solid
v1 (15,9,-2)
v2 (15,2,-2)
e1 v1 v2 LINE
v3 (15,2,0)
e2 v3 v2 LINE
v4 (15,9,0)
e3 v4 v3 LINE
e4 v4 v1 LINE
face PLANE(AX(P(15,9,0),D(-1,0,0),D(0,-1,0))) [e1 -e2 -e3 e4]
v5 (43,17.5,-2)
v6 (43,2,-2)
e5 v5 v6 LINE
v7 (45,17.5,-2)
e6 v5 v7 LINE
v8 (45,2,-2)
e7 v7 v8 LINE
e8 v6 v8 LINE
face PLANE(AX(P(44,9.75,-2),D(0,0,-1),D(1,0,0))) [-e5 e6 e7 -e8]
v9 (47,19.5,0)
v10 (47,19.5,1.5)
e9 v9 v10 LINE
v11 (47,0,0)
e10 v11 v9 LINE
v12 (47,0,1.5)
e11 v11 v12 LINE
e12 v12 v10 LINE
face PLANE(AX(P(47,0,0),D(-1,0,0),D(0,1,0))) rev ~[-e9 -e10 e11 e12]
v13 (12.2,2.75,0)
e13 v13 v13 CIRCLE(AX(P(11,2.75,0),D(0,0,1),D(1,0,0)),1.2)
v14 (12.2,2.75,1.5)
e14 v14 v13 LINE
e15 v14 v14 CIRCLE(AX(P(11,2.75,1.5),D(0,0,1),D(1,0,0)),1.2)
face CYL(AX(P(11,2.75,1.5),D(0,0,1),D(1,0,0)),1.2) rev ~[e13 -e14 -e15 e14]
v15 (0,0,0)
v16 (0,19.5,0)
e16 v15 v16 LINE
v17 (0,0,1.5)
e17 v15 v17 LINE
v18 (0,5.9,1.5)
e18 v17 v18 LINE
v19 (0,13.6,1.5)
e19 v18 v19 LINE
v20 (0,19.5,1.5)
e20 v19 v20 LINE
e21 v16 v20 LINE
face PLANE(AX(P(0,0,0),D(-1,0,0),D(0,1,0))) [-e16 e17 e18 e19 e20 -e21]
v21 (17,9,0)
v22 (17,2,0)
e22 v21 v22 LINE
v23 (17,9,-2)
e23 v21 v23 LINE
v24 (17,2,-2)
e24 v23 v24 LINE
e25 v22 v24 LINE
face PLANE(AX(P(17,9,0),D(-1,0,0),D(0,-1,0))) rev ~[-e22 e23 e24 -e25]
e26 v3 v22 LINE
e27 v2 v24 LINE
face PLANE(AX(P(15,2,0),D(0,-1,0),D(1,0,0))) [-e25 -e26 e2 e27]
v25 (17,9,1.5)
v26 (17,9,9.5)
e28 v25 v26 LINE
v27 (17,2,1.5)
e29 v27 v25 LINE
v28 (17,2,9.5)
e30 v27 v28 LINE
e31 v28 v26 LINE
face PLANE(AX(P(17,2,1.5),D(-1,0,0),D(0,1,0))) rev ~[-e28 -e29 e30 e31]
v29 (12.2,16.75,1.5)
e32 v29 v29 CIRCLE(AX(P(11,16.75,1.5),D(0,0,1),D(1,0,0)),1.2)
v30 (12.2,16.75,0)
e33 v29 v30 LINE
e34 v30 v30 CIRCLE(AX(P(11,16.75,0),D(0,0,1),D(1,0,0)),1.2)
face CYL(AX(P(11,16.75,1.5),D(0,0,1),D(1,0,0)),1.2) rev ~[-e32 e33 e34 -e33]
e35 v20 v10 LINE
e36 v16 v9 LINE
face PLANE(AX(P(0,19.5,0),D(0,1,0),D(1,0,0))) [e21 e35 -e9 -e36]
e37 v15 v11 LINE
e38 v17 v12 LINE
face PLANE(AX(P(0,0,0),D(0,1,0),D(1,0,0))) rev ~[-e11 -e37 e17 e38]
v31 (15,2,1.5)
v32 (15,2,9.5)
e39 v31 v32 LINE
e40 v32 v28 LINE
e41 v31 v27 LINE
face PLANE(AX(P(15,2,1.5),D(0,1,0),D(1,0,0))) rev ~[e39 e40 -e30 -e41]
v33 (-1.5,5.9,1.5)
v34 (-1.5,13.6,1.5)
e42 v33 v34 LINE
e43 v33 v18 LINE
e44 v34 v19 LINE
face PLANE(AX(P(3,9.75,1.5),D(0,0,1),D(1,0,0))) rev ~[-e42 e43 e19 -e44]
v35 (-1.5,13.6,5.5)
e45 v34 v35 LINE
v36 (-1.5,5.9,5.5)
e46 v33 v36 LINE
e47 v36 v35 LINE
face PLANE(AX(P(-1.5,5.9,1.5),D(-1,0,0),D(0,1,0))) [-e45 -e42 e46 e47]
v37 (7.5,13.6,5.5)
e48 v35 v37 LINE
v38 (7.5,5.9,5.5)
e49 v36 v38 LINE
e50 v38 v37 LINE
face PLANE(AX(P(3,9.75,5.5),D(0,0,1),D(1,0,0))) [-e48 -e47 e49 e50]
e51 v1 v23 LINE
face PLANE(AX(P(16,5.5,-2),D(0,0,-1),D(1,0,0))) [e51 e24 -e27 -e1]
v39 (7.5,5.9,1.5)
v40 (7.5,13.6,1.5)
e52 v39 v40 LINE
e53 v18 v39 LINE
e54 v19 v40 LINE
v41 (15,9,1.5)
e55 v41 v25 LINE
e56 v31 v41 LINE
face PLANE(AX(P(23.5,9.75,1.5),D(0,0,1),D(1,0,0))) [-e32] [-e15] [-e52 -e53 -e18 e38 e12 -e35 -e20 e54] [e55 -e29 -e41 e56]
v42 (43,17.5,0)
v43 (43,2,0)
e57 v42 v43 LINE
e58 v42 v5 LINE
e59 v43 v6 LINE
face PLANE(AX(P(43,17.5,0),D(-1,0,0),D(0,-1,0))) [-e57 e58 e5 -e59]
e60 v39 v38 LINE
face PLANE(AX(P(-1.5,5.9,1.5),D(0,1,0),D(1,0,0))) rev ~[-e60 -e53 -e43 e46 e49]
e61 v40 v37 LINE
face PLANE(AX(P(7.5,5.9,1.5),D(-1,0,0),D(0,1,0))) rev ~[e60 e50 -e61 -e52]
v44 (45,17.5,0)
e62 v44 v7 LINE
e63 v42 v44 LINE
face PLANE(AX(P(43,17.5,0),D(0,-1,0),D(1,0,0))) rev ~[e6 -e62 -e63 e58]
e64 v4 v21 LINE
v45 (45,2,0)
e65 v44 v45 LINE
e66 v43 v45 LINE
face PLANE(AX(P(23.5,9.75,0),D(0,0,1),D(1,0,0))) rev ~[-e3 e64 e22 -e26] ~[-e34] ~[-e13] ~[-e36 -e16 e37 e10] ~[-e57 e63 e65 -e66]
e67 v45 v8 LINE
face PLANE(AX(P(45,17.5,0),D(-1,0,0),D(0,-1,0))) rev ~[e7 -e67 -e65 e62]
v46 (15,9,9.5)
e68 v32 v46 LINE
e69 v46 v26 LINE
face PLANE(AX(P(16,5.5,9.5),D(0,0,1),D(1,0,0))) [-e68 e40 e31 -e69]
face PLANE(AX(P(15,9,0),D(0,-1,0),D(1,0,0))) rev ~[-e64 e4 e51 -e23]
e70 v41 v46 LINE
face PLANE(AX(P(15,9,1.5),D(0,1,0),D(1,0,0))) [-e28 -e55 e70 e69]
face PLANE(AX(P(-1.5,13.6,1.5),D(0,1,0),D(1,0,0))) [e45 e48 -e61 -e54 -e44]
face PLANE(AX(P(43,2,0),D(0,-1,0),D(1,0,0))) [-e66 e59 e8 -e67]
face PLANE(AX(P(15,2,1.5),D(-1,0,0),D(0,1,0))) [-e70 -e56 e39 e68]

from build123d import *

# Parameters (mm, degrees)
SKETCH_W      = 47
SKETCH_H      = 19.5
PAD_DEPTH     = 1.5
SKETCH001_W   = 9
SKETCH001_H   = 7.7
PAD001_DEPTH  = 4
SKETCH002_R   = 1.2
POCKET_DEPTH  = 1.501
SKETCH003_W   = 2
SKETCH003_H   = 15.5
SKETCH003_H_2 = 7
PAD002_DEPTH  = 2
SKETCH004_W   = 2
SKETCH004_H   = 7
PAD003_DEPTH  = 8


with BuildPart() as part:
    # Sketch → Pad (new body)
    with BuildSketch(Plane.XY):
        with Locations((23.5, 9.75)):
            Rectangle(SKETCH_W, SKETCH_H)
    extrude(amount=PAD_DEPTH)

    # Sketch001 (on Face6 of Pad) → Pad001 (join)
    with BuildSketch(Plane.XY.offset(1.5)):
        with Locations((3, 9.75)):
            Rectangle(SKETCH001_W, SKETCH001_H)
    extrude(amount=PAD001_DEPTH)

    # Sketch002 (on Face5 of Pad001) → Pocket (cut, through all)
    with BuildSketch(Plane.XY.offset(1.5)):
        with Locations((11, 16.75)):
            Circle(SKETCH002_R)
        with Locations((11, 2.75)):
            Circle(SKETCH002_R)
    extrude(amount=-POCKET_DEPTH, mode=Mode.SUBTRACT)

    # Sketch003 (on Face4 of Pocket) → Pad002 (join)
    with BuildSketch(Plane(origin=(0, 0, 0), x_dir=(1, 0, 0), z_dir=(0, 0, -1))):
        with Locations((44, -9.75)):
            Rectangle(SKETCH003_W, SKETCH003_H)
        with Locations((16, -5.5)):
            Rectangle(SKETCH003_W, SKETCH003_H_2)
    extrude(amount=PAD002_DEPTH)

    # Sketch004 (on Face5 of Pad002) → Pad003 (join)
    with BuildSketch(Plane.XY.offset(1.5)):
        with Locations((16, 5.5)):
            Rectangle(SKETCH004_W, SKETCH004_H)
    extrude(amount=PAD003_DEPTH)


solid = part.part
